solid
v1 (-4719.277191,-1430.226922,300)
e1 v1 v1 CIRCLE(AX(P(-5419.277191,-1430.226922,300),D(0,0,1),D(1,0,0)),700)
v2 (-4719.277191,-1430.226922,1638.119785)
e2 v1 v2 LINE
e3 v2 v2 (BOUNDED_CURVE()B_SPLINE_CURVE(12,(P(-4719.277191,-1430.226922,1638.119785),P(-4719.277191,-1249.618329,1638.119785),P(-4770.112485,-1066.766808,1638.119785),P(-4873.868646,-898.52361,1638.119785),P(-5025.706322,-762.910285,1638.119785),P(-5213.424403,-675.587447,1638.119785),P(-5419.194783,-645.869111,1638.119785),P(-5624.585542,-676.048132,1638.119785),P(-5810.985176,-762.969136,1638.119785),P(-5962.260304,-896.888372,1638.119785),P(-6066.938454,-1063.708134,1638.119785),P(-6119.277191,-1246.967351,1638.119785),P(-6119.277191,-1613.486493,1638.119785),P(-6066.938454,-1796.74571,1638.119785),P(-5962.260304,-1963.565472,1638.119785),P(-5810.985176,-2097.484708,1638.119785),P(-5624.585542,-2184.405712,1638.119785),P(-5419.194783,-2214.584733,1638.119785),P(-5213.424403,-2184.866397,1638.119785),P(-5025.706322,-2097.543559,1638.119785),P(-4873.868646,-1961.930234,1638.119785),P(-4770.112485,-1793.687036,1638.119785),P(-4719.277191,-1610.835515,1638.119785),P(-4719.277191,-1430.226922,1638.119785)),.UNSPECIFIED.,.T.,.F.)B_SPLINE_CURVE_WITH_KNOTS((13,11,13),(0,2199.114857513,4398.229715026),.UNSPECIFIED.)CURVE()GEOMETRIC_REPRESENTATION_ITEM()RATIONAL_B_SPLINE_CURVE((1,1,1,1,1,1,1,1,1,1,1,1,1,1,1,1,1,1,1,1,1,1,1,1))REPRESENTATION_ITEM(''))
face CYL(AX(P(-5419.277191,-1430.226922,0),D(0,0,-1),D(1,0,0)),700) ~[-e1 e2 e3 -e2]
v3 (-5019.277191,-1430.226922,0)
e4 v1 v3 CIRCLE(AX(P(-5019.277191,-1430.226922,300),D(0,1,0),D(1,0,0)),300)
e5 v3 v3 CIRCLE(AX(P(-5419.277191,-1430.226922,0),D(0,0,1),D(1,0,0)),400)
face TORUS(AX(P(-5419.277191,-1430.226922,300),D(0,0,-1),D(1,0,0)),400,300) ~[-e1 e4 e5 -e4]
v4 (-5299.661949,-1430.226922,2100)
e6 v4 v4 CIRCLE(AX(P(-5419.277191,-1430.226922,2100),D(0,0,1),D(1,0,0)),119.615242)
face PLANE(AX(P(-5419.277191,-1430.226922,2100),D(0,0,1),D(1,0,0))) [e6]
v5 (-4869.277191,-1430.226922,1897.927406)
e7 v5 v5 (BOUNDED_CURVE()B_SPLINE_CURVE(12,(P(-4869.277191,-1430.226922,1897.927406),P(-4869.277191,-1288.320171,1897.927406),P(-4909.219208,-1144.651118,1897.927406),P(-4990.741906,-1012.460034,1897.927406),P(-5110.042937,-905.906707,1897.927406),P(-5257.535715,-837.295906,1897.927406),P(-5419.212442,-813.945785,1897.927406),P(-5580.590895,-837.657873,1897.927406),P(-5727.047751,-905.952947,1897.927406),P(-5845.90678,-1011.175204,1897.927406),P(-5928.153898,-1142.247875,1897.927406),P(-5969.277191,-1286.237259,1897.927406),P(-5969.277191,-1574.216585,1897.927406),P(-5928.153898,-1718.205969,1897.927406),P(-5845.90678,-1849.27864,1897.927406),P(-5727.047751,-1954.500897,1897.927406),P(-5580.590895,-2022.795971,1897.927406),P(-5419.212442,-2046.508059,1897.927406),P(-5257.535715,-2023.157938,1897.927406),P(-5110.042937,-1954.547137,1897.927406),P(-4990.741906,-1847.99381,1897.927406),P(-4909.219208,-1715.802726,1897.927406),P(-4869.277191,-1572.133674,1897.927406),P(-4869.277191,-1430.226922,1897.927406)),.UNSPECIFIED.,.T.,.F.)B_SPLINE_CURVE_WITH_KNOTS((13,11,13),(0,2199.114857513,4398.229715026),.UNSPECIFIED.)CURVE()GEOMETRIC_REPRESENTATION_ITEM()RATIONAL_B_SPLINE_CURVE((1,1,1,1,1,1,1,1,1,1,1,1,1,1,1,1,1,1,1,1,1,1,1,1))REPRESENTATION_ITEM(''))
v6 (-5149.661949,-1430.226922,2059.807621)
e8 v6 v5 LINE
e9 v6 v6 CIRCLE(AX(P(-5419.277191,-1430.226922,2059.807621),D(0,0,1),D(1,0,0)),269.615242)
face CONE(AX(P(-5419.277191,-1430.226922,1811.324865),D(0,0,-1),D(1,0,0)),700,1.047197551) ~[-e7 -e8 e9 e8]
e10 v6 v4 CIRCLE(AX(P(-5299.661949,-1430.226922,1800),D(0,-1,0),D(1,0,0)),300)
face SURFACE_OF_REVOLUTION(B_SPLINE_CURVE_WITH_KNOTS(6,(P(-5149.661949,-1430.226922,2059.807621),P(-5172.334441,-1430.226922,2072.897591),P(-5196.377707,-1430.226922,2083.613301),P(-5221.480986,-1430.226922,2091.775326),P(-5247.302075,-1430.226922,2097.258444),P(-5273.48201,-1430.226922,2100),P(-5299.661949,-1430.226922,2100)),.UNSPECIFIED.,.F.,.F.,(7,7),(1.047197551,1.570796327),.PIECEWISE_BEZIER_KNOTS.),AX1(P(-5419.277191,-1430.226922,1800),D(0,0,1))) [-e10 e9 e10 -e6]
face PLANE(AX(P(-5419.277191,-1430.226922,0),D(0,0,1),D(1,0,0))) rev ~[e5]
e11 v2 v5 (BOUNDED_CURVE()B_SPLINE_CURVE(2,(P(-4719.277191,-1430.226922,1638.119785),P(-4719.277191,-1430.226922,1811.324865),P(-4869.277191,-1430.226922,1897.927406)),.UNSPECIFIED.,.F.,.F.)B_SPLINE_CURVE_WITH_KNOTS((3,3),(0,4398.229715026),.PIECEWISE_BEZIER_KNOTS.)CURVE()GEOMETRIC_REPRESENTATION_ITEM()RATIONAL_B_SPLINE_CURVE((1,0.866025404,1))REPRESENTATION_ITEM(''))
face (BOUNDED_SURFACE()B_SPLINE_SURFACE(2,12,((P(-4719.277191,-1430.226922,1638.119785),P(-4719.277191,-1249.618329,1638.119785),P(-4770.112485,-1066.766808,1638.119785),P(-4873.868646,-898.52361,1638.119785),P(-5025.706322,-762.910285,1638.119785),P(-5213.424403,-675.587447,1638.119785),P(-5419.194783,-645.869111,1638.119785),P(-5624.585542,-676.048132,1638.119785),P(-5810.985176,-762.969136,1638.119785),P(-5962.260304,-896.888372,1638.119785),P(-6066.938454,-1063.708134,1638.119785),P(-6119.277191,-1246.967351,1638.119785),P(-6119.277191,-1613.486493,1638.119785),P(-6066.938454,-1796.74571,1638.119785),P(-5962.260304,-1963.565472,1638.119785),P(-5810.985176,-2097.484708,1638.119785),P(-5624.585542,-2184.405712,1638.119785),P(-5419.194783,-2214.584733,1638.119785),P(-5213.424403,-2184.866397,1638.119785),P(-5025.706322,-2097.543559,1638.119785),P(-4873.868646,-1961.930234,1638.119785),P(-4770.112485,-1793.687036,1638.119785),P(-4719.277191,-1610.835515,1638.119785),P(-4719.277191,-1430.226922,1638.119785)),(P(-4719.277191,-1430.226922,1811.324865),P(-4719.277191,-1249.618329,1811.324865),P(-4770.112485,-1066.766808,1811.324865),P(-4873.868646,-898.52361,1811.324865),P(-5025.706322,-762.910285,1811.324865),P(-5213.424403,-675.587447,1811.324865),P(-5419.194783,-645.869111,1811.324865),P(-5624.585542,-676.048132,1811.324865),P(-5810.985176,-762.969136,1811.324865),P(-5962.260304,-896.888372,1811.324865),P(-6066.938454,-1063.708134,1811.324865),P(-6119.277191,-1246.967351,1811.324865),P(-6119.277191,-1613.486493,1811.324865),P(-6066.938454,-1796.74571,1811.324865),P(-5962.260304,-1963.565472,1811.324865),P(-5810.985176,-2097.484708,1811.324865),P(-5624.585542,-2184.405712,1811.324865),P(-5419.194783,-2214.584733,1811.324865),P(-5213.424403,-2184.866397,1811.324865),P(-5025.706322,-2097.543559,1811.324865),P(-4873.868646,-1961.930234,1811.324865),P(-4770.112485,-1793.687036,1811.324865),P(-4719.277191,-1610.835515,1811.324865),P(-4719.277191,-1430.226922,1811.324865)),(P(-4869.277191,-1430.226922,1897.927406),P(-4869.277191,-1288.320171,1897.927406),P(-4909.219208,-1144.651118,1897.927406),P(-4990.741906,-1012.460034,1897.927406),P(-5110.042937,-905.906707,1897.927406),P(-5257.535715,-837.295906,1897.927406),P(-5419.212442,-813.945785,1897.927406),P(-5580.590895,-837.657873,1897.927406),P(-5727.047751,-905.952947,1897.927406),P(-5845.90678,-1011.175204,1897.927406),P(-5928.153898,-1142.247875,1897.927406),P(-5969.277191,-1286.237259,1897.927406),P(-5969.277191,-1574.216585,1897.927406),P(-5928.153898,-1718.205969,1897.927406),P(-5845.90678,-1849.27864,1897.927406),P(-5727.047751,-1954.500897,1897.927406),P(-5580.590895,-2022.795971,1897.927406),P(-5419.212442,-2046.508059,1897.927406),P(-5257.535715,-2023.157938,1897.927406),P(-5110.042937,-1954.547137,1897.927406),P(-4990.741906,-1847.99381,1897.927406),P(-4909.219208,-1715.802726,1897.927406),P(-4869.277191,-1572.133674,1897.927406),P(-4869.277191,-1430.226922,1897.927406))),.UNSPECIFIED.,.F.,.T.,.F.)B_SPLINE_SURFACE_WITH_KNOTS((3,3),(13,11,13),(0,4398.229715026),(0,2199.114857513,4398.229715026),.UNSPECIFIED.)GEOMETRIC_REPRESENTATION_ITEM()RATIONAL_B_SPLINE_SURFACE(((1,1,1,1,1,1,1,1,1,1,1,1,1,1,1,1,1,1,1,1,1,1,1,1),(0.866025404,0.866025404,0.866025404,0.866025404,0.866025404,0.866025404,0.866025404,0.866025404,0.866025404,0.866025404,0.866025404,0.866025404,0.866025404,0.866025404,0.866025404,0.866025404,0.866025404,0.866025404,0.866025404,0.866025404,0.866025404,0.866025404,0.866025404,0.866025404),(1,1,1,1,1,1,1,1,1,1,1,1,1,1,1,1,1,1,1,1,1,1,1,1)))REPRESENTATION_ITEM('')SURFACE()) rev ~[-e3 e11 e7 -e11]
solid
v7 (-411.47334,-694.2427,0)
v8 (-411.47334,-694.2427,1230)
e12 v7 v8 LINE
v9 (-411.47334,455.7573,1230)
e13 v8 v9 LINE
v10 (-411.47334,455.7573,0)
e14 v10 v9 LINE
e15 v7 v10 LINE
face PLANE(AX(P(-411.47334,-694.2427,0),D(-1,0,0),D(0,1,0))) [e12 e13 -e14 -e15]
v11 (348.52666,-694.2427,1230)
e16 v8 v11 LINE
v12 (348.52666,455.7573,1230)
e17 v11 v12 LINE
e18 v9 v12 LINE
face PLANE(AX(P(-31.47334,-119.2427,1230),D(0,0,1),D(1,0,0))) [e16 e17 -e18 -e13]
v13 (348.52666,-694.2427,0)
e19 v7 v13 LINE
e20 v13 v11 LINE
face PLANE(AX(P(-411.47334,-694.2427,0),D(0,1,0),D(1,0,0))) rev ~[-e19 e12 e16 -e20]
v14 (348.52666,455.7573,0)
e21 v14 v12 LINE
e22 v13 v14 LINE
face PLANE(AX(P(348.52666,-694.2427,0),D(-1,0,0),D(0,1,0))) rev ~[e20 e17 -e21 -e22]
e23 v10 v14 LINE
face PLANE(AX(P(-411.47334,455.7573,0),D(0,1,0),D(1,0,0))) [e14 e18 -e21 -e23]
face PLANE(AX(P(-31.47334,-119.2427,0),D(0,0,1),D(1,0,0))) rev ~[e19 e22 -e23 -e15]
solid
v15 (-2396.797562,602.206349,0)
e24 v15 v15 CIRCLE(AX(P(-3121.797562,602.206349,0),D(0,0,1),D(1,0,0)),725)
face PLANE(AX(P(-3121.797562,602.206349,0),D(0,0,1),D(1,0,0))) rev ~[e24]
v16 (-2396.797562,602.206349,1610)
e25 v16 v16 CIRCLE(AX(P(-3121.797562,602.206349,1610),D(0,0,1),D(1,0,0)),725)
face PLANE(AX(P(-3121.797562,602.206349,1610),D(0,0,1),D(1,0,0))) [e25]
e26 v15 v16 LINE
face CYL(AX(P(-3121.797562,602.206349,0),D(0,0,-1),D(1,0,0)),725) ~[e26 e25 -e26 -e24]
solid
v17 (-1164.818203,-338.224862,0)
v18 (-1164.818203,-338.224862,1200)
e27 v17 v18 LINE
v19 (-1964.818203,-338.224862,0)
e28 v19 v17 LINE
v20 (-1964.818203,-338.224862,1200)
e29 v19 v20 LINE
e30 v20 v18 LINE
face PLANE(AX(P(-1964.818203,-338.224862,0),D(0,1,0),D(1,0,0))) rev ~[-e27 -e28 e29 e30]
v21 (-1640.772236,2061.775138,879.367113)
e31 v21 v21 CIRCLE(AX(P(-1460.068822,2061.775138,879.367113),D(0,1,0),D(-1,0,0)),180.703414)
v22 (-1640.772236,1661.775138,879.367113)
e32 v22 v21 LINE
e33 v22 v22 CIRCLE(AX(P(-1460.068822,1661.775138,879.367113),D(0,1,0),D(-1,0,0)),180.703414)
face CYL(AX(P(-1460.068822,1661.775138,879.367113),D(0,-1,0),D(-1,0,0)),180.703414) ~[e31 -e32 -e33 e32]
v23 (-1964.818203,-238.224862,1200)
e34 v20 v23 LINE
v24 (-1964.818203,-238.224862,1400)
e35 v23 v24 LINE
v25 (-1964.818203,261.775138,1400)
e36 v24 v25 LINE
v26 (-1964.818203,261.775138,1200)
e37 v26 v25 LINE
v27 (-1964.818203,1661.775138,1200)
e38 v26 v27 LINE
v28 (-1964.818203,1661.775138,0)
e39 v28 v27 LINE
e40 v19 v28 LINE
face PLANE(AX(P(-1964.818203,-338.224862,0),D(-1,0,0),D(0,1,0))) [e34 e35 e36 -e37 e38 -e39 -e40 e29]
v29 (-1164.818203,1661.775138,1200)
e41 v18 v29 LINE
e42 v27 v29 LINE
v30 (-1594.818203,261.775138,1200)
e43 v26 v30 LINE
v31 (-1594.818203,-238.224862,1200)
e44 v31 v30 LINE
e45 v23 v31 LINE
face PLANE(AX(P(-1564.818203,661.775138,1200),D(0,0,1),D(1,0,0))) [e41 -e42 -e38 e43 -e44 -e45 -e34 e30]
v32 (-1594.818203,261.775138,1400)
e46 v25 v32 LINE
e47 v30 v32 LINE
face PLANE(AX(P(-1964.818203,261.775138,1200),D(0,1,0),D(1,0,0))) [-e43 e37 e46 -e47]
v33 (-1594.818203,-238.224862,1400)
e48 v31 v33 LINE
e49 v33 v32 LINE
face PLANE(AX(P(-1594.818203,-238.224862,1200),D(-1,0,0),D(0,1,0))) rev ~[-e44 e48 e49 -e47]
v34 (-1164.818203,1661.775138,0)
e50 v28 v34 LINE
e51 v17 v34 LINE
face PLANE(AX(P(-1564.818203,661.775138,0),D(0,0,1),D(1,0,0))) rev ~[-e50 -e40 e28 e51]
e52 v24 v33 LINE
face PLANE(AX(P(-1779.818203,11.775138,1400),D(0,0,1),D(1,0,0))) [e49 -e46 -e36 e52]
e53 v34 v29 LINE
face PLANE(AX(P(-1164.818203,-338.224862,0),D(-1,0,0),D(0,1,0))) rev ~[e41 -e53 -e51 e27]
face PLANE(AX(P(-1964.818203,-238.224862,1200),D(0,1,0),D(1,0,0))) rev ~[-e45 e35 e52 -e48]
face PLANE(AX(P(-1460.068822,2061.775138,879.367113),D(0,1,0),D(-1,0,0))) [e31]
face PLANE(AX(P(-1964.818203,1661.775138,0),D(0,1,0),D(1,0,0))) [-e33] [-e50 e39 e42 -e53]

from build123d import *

# Parameters (mm, degrees)
F0_W      = 760
F0_H      = 1150
F1_DEPTH  = 1230
F2_R      = 725
F3_DEPTH  = 1610
F4_W      = 800
F4_H      = 2000
F5_DEPTH  = 1200
F6_W      = 370
F6_H      = 500
F7_DEPTH  = 200
F8_R      = 700
F9_DEPTH  = 2100
F10_R     = 300
F11_SIZE2 = 288.6751345948
F11_SIZE  = 500
F12_R     = 300
F13_R     = 180.7034135945
F14_DEPTH = 400


with BuildPart() as f1:
    # F0 (on Top) → F1 (new body)
    with BuildSketch(Plane.XY):
        with Locations((-31.4733404666, -119.2426998605)):
            Rectangle(F0_W, F0_H)
    extrude(amount=F1_DEPTH)


with BuildPart() as f3:
    # F2 (on Top) → F3 (new body)
    with BuildSketch(Plane.XY):
        with Locations((-3121.7975616455, 602.2063493729)):
            Circle(F2_R)
    extrude(amount=F3_DEPTH)


with BuildPart() as f5:
    # F4 (on Top) → F5 (new body)
    with BuildSketch(Plane.XY):
        with Locations((-1564.8182034492, 661.7751377383)):
            Rectangle(F4_W, F4_H)
    extrude(amount=F5_DEPTH)

    # F6 (on face) → F7 (join)
    with BuildSketch(Plane.XY.offset(1200)):
        with Locations((-1779.8182034492, 11.7751377383)):
            Rectangle(F6_W, F6_H)
    extrude(amount=F7_DEPTH)

    # F13 (on face) → F14 (join)
    with BuildSketch(Plane(origin=(0, 1661.7751377383, 0), x_dir=(-1, 0, 0), z_dir=(0, 1, 0))):
        with Locations((1460.068821907, 879.3671131134)):
            Circle(F13_R)
    extrude(amount=F14_DEPTH)


with BuildPart() as f9:
    # F8 (on Top) → F9 (new body)
    with BuildSketch(Plane.XY):
        with Locations((-5419.2771911621, -1430.2269220352)):
            Circle(F8_R)
    extrude(amount=F9_DEPTH)

    # F10
    f10_edges = [f9.edges().sort_by_distance(p)[0] for p in [
        (-6119.277191, -1430.226922, 0),
    ]]
    fillet(f10_edges, radius=F10_R)

    # F11
    f11_edges = [f9.edges().sort_by_distance(p)[0] for p in [
        (-6119.277191, -1430.226922, 2100),
    ]]
    f11_side = f9.faces().sort_by_distance((-5419.277191, -1430.226922, 2100))[0]
    chamfer(f11_edges, length=F11_SIZE, length2=F11_SIZE2, reference=f11_side)

    # F12
    f12_edges = [f9.edges().sort_by_distance(p)[0] for p in [
        (-6119.277191, -1430.226922, 1811.324865),
        (-5619.277191, -1430.226922, 2100),
    ]]
    fillet(f12_edges, radius=F12_R)


solid = Compound([f1.part, f3.part, f5.part, f9.part])
